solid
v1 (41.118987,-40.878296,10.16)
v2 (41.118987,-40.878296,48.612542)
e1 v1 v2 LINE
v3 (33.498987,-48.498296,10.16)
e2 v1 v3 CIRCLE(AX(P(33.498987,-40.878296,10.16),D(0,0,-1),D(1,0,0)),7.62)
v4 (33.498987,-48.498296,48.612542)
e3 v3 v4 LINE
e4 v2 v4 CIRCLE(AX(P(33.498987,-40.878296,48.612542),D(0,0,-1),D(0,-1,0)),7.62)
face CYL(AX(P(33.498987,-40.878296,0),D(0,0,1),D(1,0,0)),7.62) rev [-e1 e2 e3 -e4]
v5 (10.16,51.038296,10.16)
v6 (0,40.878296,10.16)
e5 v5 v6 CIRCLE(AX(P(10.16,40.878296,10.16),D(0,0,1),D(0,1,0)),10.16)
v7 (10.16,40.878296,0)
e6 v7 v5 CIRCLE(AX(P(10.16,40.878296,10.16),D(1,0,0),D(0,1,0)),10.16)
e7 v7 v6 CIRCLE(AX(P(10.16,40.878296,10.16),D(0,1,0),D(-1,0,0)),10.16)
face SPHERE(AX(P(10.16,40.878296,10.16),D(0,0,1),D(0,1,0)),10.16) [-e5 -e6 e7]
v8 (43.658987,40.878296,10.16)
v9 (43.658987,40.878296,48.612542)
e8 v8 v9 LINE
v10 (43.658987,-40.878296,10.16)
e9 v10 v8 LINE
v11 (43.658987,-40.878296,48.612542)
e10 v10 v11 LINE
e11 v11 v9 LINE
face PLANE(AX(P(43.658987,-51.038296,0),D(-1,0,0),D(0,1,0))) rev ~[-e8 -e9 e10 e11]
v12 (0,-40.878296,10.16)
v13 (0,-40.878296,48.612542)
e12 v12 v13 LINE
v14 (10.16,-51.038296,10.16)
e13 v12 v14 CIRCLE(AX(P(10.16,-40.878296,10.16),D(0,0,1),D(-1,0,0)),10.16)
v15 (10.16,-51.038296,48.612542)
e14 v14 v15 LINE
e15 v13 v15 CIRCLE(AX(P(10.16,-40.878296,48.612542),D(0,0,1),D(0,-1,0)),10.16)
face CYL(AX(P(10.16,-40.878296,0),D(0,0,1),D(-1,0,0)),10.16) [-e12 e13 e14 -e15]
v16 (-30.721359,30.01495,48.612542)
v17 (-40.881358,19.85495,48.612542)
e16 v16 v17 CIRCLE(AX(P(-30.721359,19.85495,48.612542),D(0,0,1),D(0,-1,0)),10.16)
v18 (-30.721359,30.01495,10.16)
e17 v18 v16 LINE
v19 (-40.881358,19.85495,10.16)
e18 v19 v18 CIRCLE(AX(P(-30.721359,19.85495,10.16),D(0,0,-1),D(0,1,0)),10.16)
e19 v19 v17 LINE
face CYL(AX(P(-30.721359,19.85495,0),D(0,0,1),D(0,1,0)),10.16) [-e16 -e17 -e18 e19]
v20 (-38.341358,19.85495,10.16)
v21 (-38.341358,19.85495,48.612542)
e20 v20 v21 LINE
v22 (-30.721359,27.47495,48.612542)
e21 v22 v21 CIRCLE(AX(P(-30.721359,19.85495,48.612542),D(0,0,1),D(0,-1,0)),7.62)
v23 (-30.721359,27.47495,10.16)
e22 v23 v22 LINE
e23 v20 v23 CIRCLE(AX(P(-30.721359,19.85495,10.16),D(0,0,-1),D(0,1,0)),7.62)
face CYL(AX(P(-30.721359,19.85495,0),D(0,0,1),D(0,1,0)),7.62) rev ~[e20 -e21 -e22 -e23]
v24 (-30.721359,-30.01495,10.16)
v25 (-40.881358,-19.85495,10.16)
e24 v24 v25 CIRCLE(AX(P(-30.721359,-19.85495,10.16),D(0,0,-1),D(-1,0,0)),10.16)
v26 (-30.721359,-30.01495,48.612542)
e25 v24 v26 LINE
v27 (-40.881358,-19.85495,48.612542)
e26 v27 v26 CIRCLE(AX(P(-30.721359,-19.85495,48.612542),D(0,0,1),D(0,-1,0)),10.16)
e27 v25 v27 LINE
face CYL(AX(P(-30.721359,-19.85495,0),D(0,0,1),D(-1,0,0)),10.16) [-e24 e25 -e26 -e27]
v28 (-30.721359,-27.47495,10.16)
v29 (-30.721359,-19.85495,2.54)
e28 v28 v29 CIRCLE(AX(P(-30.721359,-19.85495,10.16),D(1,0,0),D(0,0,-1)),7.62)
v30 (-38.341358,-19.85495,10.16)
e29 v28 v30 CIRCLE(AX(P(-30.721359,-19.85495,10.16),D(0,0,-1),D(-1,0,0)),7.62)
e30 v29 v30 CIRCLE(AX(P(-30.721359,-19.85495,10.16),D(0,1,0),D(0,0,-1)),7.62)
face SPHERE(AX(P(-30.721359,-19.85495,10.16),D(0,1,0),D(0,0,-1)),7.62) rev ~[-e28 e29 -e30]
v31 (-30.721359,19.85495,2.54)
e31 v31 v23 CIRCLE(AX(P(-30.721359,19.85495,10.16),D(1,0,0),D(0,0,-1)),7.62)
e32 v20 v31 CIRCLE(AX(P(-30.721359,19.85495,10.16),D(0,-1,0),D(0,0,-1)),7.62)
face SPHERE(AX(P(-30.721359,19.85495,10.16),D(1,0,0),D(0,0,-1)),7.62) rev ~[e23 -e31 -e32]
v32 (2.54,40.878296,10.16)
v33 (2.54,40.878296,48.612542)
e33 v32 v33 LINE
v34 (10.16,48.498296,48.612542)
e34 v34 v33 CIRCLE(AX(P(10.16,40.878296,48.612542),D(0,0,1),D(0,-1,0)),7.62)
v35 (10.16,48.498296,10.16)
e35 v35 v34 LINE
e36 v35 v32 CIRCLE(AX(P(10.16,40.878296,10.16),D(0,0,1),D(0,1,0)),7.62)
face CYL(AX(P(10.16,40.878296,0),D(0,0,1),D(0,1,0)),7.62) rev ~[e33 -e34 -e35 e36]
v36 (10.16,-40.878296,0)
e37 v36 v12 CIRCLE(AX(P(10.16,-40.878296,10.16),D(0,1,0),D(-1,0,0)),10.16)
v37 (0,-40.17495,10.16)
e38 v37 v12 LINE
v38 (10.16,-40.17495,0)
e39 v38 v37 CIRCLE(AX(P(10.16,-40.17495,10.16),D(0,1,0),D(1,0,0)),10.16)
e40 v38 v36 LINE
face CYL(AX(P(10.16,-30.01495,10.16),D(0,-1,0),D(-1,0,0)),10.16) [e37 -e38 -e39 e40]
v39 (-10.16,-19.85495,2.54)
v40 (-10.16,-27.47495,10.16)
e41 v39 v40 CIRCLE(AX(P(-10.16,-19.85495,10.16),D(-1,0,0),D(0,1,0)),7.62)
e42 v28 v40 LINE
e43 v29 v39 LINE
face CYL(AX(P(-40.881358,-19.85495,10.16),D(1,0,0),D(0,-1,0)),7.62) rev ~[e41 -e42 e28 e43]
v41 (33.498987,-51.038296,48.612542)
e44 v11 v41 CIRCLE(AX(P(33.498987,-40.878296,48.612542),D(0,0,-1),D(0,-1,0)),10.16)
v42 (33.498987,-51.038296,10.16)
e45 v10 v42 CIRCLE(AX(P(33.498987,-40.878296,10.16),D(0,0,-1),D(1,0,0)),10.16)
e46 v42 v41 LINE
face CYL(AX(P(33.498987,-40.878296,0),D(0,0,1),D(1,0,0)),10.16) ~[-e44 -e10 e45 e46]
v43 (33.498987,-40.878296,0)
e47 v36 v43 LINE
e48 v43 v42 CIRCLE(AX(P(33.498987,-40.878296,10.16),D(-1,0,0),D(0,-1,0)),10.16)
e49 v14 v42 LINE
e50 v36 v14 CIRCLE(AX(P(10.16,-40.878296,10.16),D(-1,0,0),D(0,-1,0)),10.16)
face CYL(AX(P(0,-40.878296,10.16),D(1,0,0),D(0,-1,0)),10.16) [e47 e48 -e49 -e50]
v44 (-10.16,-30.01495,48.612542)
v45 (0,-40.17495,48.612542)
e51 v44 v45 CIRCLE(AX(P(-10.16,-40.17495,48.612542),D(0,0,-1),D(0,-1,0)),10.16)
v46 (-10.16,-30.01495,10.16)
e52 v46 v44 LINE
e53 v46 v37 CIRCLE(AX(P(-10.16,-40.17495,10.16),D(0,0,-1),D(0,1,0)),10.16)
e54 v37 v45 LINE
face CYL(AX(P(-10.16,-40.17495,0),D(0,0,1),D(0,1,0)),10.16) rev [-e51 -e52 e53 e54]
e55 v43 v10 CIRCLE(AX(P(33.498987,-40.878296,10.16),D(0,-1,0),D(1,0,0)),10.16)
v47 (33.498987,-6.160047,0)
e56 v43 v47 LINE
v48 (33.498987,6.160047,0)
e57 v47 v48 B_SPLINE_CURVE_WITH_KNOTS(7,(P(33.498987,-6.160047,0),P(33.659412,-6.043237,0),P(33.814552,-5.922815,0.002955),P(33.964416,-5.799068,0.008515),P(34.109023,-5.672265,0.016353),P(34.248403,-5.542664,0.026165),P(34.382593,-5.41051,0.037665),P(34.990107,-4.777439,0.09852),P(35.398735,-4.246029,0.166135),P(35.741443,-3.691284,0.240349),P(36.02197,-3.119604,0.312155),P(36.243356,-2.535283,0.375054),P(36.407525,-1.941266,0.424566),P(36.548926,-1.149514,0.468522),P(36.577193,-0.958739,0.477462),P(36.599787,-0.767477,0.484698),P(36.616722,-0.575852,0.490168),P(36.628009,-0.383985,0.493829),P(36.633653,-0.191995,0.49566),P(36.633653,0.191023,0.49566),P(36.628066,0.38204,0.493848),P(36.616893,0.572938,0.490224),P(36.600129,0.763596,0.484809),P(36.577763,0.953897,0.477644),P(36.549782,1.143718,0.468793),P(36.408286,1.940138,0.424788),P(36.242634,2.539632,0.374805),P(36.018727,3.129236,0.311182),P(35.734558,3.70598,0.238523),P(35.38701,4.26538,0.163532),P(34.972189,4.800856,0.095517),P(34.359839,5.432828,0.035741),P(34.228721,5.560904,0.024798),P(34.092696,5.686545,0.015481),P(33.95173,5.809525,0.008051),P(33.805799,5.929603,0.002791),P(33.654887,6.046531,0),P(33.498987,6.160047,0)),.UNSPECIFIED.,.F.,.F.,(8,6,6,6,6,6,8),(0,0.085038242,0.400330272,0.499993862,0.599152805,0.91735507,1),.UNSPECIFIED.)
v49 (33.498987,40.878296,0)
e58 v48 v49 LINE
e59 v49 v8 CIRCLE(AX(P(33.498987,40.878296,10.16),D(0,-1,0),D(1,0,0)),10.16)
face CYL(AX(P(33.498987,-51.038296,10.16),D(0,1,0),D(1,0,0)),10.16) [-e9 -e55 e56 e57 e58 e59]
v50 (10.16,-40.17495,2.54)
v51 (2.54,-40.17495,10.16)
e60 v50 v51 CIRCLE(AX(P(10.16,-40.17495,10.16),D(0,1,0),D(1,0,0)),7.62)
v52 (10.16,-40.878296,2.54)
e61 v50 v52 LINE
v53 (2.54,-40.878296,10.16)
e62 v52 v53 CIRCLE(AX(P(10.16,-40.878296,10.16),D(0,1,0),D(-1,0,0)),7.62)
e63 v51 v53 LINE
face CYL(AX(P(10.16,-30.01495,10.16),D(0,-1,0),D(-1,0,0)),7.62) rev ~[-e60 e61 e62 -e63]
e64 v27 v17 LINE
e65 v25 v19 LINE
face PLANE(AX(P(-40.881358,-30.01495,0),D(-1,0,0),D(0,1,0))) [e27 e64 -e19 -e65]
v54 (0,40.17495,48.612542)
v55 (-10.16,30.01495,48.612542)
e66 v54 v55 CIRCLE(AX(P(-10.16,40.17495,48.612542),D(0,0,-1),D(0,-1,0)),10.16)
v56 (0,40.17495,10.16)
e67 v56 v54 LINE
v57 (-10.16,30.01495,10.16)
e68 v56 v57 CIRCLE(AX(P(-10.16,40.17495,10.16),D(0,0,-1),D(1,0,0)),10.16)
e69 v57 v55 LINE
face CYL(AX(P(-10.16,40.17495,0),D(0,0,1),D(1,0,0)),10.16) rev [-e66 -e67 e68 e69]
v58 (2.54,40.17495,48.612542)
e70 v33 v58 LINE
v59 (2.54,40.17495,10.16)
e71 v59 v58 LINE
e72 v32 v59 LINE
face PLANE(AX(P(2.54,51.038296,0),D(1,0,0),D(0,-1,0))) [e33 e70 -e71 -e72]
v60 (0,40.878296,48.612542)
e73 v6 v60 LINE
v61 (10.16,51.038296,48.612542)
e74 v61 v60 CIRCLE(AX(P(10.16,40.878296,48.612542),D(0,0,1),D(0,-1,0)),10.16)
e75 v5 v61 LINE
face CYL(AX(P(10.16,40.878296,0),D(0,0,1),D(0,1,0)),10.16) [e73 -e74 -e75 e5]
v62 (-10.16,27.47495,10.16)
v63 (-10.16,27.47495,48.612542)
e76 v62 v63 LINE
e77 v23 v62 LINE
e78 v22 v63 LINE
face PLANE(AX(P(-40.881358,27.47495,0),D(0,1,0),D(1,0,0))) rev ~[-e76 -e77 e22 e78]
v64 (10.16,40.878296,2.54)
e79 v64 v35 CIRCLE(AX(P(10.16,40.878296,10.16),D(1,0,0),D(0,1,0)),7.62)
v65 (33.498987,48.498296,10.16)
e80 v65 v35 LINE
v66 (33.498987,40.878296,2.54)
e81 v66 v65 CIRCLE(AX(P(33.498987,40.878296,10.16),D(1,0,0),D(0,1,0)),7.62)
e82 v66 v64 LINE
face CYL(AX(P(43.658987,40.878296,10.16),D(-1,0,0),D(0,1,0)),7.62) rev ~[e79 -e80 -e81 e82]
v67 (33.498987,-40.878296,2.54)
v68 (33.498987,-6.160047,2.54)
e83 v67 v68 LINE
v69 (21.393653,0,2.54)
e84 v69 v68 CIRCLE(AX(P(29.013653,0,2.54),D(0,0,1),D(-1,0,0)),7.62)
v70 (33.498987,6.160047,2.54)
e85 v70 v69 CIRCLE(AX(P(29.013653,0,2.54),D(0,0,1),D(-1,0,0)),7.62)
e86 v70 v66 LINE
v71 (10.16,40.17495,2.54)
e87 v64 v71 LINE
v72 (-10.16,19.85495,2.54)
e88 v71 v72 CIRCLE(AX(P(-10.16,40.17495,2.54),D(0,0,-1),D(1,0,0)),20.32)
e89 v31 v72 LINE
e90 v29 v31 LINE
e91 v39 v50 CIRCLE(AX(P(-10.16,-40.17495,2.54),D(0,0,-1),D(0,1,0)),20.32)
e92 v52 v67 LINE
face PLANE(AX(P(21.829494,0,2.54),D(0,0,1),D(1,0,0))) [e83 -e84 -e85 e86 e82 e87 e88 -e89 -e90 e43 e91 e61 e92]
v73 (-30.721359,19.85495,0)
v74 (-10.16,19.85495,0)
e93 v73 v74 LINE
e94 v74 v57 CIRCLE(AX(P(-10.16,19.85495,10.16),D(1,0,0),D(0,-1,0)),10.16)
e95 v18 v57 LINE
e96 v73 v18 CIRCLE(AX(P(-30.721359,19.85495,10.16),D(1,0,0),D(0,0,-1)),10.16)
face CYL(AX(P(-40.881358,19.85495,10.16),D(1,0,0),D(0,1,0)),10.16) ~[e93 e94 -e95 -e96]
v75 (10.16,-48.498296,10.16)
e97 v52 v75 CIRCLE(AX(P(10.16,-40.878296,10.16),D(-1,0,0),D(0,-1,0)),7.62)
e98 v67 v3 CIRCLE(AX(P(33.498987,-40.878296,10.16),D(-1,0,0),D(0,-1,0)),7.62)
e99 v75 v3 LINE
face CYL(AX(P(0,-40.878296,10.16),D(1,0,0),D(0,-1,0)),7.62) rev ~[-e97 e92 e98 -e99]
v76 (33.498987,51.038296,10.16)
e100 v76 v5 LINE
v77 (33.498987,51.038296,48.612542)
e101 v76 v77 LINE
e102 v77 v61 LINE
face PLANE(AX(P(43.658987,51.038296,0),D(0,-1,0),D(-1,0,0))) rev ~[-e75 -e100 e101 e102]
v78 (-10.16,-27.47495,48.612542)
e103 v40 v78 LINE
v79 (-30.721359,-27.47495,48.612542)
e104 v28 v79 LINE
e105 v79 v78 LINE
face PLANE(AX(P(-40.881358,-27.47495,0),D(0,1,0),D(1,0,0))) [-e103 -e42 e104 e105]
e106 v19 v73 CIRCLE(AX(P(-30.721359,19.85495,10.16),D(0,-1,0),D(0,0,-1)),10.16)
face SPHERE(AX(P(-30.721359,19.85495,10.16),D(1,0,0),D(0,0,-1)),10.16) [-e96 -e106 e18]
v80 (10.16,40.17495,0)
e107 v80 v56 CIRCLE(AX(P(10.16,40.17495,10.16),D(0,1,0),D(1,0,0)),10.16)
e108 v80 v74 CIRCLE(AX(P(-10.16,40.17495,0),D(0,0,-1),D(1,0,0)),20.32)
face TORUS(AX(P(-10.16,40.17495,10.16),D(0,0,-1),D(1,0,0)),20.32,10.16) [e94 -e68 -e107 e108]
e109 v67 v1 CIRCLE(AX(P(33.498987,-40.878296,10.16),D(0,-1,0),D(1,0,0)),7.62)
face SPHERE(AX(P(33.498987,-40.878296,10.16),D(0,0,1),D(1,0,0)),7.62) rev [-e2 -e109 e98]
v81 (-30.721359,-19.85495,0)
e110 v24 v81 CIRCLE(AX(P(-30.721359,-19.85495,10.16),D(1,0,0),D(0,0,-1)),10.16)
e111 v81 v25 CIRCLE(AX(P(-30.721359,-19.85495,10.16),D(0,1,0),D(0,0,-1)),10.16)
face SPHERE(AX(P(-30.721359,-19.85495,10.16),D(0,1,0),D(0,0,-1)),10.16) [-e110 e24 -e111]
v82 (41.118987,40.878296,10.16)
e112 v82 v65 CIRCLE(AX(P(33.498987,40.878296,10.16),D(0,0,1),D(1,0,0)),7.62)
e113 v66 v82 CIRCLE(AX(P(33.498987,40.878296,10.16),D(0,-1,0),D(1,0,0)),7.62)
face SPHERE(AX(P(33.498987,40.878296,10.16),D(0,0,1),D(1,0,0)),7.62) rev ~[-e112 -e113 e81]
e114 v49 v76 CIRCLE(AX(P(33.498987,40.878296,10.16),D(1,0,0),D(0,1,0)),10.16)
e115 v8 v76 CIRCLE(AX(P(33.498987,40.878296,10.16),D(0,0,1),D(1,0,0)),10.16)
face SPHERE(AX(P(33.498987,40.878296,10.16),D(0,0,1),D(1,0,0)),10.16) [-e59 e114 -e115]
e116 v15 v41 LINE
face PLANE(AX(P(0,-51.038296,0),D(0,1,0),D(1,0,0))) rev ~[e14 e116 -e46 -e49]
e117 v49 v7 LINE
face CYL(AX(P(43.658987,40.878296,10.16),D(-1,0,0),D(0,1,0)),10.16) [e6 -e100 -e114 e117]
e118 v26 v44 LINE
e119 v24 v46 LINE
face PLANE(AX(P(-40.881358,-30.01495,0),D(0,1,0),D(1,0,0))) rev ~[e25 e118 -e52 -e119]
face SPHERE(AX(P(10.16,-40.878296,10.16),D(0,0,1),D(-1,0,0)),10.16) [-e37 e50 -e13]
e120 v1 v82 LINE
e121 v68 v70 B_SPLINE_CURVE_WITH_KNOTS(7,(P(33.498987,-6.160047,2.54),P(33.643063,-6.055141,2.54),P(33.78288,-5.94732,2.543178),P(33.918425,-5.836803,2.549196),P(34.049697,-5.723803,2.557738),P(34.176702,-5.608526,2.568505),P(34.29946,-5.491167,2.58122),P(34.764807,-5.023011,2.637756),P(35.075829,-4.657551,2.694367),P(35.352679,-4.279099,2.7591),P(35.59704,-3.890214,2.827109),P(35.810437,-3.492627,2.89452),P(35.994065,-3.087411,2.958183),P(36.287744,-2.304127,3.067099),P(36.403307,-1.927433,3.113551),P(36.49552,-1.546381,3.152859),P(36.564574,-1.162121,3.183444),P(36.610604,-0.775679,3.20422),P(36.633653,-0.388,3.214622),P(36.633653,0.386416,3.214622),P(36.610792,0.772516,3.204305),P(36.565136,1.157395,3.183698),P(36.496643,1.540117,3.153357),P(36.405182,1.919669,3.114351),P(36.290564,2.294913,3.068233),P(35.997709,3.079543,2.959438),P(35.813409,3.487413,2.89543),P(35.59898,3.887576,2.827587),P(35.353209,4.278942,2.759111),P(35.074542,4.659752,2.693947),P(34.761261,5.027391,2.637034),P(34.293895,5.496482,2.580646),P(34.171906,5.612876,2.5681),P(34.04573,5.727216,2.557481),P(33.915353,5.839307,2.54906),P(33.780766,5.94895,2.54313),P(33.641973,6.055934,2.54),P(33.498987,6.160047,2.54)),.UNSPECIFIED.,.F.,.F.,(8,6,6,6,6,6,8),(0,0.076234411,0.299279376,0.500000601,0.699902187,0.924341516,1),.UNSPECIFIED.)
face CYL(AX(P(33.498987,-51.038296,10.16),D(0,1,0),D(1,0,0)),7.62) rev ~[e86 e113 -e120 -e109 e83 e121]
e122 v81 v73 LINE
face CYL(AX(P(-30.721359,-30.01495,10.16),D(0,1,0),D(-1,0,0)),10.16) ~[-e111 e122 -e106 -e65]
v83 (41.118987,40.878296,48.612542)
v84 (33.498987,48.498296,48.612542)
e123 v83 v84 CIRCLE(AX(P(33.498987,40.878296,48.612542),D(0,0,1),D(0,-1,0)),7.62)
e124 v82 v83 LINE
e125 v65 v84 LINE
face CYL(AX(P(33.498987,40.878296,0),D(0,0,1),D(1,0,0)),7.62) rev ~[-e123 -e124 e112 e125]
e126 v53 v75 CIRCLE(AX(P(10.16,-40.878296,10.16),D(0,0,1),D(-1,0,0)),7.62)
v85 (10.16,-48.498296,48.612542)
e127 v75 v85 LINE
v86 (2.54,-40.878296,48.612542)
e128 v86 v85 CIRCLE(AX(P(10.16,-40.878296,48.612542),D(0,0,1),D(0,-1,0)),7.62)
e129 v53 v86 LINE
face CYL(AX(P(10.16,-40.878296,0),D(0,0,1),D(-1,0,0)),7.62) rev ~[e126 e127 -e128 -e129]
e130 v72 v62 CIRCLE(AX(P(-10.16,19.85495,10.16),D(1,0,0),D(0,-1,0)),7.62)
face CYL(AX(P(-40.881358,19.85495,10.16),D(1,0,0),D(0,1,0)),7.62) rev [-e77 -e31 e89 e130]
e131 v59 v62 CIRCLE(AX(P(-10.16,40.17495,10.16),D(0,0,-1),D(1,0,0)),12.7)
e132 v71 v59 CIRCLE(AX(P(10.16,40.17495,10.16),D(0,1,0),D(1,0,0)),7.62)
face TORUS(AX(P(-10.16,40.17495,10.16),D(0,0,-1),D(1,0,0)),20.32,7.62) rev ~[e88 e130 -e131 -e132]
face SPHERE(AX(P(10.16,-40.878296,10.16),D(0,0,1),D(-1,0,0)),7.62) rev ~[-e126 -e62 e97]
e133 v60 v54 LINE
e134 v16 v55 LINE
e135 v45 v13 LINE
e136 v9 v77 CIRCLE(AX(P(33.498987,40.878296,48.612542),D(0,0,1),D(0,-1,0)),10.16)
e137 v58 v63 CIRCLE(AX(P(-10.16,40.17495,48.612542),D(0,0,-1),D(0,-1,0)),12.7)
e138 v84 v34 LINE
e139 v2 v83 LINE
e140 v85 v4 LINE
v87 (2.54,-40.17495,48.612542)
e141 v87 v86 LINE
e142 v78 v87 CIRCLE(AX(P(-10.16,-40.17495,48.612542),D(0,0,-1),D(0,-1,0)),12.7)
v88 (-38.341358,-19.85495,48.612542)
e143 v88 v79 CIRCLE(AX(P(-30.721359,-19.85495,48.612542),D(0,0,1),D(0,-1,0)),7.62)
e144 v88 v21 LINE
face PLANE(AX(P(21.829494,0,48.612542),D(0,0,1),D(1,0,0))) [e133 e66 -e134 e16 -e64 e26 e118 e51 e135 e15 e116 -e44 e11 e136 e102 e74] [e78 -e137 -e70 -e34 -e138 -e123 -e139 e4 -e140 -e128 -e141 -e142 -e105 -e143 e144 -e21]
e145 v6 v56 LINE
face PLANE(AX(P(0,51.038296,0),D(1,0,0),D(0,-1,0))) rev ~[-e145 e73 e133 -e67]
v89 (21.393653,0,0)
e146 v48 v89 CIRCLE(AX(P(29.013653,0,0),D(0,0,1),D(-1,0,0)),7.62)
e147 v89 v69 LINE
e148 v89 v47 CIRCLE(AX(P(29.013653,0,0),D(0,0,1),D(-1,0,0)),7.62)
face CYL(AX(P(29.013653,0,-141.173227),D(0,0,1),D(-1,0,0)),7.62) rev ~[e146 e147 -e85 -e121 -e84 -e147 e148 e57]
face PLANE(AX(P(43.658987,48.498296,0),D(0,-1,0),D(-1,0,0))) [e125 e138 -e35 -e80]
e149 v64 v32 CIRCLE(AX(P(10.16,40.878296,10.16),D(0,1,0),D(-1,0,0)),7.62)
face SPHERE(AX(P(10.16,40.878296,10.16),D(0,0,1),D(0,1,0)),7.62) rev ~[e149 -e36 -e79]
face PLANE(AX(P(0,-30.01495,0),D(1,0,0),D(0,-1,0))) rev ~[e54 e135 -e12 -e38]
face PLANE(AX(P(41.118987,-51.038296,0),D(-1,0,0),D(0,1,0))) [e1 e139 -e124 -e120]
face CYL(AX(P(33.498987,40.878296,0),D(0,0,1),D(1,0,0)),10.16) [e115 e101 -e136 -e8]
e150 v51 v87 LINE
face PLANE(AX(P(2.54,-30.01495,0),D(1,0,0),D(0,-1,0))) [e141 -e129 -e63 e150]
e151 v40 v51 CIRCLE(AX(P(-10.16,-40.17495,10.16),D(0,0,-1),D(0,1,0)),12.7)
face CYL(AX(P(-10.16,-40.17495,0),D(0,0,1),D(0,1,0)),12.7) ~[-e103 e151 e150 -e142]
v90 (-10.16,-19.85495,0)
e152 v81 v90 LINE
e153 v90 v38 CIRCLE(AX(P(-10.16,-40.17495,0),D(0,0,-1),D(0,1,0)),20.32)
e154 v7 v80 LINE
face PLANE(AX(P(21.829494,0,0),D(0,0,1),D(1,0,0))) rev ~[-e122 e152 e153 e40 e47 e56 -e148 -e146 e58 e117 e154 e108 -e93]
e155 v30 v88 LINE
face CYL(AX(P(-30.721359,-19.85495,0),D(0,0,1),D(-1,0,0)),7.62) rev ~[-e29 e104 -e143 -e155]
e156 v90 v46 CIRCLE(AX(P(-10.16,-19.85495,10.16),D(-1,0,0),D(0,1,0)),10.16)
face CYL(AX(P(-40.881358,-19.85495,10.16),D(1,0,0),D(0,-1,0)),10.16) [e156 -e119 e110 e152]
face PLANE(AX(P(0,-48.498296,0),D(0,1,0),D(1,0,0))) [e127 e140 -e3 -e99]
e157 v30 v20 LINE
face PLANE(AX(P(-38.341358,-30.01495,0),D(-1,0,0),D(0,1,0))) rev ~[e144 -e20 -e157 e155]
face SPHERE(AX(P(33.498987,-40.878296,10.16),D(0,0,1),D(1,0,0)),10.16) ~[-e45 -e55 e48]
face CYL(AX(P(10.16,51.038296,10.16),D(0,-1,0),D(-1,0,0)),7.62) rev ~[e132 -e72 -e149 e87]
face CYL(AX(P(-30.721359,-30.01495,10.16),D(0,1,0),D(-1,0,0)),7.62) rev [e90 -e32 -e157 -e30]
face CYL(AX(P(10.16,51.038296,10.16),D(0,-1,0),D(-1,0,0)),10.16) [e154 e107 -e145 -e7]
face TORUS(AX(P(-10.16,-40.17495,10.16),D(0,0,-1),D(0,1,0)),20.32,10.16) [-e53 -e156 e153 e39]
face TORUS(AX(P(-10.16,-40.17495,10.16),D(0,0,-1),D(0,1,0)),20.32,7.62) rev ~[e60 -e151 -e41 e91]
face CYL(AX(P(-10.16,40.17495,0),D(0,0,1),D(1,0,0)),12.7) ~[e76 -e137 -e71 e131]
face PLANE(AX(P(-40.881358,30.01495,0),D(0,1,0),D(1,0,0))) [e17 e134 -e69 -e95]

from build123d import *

# Parameters (mm, degrees)
F0_W     = 40.881359
F0_H     = 60.0299
F1_DEPTH = 48.612542
F2_R     = 10.16
F3_T     = -2.54
F5_D     = 15.24


with BuildPart() as f1:
    # F0 (on Top) → F1 (new body)
    with BuildSketch(Plane.XY):
        Polygon((43.658987, 51.038296), (0, 51.038296), (0, 30.01495), (0, -30.01495), (0, -51.038296), (43.658987, -51.038296), align=None)
        with Locations((-20.440679, 0)):
            Rectangle(F0_W, F0_H)
    extrude(amount=F1_DEPTH)

    # F2
    f2_edges = [f1.edges().sort_by_distance(p)[0] for p in [
        (0, 51.038296, 24.306271),
        (43.658987, -51.038296, 24.306271),
        (43.658987, 51.038296, 24.306271),
        (0, -51.038296, 24.306271),
        (43.658987, 0, 0),
        (21.829493, 51.038296, 0),
        (0, 40.526623, 0),
        (-20.44068, 30.01495, 0),
        (-40.881359, 0, 0),
        (-20.44068, -30.01495, 0),
        (0, -40.526623, 0),
        (21.829493, -51.038296, 0),
        (0, 30.01495, 24.306271),
        (-40.881359, 30.01495, 24.306271),
        (-40.881359, -30.01495, 24.306271),
        (0, -30.01495, 24.306271),
    ]]
    fillet(f2_edges, radius=F2_R)

    # F3
    f3_openings = [f1.faces().sort_by_distance(p)[0] for p in [
        (6.859627, 0, 48.612542),
    ]]
    offset(amount=F3_T, openings=f3_openings)

    # F5 (through all)
    with Locations(Plane(origin=(0, 0, 0), x_dir=(1, 0, 0), z_dir=(0, 0, -1))):
        with Locations((29.013653, 0)):
            Hole(F5_D / 2)


solid = f1.part
